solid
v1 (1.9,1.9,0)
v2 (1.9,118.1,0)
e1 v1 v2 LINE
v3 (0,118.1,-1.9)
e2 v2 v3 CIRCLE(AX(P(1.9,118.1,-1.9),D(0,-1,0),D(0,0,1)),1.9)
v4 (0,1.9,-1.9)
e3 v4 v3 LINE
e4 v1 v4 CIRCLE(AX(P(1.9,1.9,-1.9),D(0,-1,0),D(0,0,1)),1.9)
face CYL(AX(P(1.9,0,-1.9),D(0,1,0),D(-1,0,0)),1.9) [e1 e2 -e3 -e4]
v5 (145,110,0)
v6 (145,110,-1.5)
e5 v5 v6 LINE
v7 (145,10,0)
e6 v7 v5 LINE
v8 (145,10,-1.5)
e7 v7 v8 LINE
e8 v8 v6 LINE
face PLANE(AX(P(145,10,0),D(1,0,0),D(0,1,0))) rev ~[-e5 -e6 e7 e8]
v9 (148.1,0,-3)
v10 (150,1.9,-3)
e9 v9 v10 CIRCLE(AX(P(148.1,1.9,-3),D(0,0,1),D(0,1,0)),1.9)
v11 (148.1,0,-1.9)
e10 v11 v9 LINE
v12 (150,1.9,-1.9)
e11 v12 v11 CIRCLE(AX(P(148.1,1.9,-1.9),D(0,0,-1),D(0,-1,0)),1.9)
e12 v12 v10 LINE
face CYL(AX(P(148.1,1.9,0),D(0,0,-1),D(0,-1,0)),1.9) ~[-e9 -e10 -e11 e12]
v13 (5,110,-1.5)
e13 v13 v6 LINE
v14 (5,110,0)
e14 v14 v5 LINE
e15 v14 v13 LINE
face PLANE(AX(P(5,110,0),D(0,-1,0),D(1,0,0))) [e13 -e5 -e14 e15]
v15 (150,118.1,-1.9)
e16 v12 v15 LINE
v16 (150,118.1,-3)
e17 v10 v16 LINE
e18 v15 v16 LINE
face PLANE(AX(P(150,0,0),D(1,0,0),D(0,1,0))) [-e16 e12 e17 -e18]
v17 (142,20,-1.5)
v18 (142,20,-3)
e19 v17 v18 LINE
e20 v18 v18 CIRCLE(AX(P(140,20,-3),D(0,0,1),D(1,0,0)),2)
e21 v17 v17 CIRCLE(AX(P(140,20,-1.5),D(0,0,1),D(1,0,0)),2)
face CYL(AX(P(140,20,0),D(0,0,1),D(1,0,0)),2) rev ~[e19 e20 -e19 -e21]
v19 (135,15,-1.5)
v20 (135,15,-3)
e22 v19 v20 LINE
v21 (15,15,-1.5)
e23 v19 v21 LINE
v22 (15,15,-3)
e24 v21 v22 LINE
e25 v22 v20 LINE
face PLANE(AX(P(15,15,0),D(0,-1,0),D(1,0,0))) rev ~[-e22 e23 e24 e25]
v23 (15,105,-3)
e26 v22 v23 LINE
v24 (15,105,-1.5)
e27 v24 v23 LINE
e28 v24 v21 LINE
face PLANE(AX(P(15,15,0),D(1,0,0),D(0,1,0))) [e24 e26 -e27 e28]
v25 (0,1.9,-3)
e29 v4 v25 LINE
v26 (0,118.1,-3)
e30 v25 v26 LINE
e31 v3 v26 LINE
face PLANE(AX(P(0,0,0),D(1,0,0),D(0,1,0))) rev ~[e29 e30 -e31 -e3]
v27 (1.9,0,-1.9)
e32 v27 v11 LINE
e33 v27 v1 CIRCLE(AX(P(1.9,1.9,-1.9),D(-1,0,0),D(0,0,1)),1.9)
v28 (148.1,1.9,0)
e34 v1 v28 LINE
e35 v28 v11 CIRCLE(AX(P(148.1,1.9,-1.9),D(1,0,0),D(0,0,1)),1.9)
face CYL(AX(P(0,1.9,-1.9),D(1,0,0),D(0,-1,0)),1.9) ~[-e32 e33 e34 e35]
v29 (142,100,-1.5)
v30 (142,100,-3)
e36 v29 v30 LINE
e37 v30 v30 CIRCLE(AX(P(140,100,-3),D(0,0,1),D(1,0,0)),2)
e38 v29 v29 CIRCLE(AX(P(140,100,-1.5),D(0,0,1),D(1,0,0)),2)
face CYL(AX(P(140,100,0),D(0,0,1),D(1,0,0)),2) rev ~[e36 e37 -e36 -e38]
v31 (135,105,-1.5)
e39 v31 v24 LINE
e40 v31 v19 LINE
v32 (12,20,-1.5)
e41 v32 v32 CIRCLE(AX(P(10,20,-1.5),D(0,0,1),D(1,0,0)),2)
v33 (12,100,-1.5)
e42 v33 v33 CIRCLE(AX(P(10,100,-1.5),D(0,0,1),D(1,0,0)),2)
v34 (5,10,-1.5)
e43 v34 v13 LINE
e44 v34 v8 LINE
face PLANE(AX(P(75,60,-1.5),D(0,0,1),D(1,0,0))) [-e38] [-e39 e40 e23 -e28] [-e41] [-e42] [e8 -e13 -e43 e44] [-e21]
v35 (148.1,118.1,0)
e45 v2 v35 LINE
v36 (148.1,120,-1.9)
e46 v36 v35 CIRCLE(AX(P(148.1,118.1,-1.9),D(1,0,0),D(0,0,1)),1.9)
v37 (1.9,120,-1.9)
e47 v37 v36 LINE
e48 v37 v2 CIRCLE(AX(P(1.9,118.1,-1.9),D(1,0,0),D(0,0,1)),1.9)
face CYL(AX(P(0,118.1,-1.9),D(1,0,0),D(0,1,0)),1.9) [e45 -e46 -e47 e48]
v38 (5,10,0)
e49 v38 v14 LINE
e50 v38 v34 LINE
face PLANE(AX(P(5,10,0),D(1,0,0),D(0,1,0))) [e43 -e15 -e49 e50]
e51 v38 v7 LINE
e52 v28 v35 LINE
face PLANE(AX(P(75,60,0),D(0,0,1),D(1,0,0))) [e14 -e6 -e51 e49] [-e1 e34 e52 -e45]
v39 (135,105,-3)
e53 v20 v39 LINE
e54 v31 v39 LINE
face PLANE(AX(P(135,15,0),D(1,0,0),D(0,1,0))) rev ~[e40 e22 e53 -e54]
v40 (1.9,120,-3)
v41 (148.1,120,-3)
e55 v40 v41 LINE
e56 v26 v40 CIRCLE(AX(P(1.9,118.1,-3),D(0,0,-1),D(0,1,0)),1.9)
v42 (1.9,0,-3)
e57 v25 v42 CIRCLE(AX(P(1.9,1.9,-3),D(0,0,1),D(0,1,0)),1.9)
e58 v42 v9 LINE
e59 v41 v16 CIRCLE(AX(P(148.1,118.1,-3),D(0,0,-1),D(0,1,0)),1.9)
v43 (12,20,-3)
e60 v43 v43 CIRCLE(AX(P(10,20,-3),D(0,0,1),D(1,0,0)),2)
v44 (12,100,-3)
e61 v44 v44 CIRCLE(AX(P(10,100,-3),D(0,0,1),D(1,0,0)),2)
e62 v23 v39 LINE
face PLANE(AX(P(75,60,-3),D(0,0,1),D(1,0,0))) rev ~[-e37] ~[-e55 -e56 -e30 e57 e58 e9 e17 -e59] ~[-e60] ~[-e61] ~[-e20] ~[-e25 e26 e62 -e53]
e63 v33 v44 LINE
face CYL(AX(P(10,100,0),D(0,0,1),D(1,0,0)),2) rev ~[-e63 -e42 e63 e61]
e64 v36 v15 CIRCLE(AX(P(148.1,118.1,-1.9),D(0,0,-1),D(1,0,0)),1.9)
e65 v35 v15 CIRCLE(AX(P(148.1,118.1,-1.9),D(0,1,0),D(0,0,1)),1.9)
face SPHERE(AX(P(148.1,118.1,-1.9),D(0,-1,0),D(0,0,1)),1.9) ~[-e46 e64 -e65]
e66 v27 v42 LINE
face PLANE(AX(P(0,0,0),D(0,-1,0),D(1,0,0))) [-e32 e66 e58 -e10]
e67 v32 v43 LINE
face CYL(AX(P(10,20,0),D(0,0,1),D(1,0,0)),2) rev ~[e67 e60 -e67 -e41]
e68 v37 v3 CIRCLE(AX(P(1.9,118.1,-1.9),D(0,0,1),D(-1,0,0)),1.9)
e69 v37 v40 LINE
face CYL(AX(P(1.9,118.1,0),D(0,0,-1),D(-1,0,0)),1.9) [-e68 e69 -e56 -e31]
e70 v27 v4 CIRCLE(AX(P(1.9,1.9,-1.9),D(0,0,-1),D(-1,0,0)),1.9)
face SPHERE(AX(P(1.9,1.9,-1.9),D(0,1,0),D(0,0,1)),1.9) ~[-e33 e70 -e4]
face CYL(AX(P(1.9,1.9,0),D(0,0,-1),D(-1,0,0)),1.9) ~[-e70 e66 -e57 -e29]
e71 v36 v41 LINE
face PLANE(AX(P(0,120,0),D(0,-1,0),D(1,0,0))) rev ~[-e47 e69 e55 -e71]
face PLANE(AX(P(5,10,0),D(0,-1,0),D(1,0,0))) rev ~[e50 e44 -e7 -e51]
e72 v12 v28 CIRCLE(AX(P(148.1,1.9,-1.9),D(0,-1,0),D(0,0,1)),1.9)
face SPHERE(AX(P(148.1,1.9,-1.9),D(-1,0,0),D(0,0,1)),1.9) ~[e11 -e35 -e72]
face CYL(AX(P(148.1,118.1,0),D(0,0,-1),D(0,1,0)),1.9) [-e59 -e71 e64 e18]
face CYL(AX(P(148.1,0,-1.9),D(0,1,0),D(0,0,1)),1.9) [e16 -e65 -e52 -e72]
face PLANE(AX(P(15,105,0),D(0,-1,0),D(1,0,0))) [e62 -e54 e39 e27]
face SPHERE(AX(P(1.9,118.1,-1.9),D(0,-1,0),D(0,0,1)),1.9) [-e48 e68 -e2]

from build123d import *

# Parameters (mm, degrees)
SKETCH_W        = 150
SKETCH_H        = 120
PAD_DEPTH       = 3
SKETCH002_W     = 120
SKETCH002_H     = 90
POCKET_DEPTH    = 5
SKETCH001_W     = 140
SKETCH001_H     = 100
POCKET001_DEPTH = 1.5
SKETCH003_R     = 2
POCKET002_DEPTH = 5
SKETCH004_R     = 2
POCKET003_DEPTH = 5
SKETCH005_R     = 2
POCKET004_DEPTH = 5
SKETCH006_R     = 2
POCKET005_DEPTH = 5
FILLET_R        = 1.9


with BuildPart() as part:
    # Sketch → Pad (new body)
    with BuildSketch(Plane.XY):
        with Locations((75, 60)):
            Rectangle(SKETCH_W, SKETCH_H)
    extrude(amount=-PAD_DEPTH)

    # Sketch002 → Pocket (cut)
    with BuildSketch(Plane.XY):
        with Locations((75, 60)):
            Rectangle(SKETCH002_W, SKETCH002_H)
    extrude(amount=-POCKET_DEPTH, mode=Mode.SUBTRACT)

    # Sketch001 → Pocket001 (cut)
    with BuildSketch(Plane.XY):
        with Locations((75, 60)):
            Rectangle(SKETCH001_W, SKETCH001_H)
    extrude(amount=-POCKET001_DEPTH, mode=Mode.SUBTRACT)

    # Sketch003 → Pocket002 (cut)
    with BuildSketch(Plane.XY):
        with Locations((10, 20)):
            Circle(SKETCH003_R)
    extrude(amount=-POCKET002_DEPTH, mode=Mode.SUBTRACT)

    # Sketch004 → Pocket003 (cut)
    with BuildSketch(Plane.XY):
        with Locations((10, 100)):
            Circle(SKETCH004_R)
    extrude(amount=-POCKET003_DEPTH, mode=Mode.SUBTRACT)

    # Sketch005 → Pocket004 (cut)
    with BuildSketch(Plane.XY):
        with Locations((140, 20)):
            Circle(SKETCH005_R)
    extrude(amount=-POCKET004_DEPTH, mode=Mode.SUBTRACT)

    # Sketch006 → Pocket005 (cut)
    with BuildSketch(Plane.XY):
        with Locations((140, 100)):
            Circle(SKETCH006_R)
    extrude(amount=-POCKET005_DEPTH, mode=Mode.SUBTRACT)

    # Fillet
    fillet_edges = [part.edges().sort_by_distance(p)[0] for p in [
        (0, 60, 0),
        (75, 0, 0),
        (150, 60, 0),
        (75, 120, 0),
        (0, 0, -1.5),
        (150, 0, -1.5),
        (150, 120, -1.5),
        (0, 120, -1.5),
    ]]
    fillet(fillet_edges, radius=FILLET_R)


solid = part.part
